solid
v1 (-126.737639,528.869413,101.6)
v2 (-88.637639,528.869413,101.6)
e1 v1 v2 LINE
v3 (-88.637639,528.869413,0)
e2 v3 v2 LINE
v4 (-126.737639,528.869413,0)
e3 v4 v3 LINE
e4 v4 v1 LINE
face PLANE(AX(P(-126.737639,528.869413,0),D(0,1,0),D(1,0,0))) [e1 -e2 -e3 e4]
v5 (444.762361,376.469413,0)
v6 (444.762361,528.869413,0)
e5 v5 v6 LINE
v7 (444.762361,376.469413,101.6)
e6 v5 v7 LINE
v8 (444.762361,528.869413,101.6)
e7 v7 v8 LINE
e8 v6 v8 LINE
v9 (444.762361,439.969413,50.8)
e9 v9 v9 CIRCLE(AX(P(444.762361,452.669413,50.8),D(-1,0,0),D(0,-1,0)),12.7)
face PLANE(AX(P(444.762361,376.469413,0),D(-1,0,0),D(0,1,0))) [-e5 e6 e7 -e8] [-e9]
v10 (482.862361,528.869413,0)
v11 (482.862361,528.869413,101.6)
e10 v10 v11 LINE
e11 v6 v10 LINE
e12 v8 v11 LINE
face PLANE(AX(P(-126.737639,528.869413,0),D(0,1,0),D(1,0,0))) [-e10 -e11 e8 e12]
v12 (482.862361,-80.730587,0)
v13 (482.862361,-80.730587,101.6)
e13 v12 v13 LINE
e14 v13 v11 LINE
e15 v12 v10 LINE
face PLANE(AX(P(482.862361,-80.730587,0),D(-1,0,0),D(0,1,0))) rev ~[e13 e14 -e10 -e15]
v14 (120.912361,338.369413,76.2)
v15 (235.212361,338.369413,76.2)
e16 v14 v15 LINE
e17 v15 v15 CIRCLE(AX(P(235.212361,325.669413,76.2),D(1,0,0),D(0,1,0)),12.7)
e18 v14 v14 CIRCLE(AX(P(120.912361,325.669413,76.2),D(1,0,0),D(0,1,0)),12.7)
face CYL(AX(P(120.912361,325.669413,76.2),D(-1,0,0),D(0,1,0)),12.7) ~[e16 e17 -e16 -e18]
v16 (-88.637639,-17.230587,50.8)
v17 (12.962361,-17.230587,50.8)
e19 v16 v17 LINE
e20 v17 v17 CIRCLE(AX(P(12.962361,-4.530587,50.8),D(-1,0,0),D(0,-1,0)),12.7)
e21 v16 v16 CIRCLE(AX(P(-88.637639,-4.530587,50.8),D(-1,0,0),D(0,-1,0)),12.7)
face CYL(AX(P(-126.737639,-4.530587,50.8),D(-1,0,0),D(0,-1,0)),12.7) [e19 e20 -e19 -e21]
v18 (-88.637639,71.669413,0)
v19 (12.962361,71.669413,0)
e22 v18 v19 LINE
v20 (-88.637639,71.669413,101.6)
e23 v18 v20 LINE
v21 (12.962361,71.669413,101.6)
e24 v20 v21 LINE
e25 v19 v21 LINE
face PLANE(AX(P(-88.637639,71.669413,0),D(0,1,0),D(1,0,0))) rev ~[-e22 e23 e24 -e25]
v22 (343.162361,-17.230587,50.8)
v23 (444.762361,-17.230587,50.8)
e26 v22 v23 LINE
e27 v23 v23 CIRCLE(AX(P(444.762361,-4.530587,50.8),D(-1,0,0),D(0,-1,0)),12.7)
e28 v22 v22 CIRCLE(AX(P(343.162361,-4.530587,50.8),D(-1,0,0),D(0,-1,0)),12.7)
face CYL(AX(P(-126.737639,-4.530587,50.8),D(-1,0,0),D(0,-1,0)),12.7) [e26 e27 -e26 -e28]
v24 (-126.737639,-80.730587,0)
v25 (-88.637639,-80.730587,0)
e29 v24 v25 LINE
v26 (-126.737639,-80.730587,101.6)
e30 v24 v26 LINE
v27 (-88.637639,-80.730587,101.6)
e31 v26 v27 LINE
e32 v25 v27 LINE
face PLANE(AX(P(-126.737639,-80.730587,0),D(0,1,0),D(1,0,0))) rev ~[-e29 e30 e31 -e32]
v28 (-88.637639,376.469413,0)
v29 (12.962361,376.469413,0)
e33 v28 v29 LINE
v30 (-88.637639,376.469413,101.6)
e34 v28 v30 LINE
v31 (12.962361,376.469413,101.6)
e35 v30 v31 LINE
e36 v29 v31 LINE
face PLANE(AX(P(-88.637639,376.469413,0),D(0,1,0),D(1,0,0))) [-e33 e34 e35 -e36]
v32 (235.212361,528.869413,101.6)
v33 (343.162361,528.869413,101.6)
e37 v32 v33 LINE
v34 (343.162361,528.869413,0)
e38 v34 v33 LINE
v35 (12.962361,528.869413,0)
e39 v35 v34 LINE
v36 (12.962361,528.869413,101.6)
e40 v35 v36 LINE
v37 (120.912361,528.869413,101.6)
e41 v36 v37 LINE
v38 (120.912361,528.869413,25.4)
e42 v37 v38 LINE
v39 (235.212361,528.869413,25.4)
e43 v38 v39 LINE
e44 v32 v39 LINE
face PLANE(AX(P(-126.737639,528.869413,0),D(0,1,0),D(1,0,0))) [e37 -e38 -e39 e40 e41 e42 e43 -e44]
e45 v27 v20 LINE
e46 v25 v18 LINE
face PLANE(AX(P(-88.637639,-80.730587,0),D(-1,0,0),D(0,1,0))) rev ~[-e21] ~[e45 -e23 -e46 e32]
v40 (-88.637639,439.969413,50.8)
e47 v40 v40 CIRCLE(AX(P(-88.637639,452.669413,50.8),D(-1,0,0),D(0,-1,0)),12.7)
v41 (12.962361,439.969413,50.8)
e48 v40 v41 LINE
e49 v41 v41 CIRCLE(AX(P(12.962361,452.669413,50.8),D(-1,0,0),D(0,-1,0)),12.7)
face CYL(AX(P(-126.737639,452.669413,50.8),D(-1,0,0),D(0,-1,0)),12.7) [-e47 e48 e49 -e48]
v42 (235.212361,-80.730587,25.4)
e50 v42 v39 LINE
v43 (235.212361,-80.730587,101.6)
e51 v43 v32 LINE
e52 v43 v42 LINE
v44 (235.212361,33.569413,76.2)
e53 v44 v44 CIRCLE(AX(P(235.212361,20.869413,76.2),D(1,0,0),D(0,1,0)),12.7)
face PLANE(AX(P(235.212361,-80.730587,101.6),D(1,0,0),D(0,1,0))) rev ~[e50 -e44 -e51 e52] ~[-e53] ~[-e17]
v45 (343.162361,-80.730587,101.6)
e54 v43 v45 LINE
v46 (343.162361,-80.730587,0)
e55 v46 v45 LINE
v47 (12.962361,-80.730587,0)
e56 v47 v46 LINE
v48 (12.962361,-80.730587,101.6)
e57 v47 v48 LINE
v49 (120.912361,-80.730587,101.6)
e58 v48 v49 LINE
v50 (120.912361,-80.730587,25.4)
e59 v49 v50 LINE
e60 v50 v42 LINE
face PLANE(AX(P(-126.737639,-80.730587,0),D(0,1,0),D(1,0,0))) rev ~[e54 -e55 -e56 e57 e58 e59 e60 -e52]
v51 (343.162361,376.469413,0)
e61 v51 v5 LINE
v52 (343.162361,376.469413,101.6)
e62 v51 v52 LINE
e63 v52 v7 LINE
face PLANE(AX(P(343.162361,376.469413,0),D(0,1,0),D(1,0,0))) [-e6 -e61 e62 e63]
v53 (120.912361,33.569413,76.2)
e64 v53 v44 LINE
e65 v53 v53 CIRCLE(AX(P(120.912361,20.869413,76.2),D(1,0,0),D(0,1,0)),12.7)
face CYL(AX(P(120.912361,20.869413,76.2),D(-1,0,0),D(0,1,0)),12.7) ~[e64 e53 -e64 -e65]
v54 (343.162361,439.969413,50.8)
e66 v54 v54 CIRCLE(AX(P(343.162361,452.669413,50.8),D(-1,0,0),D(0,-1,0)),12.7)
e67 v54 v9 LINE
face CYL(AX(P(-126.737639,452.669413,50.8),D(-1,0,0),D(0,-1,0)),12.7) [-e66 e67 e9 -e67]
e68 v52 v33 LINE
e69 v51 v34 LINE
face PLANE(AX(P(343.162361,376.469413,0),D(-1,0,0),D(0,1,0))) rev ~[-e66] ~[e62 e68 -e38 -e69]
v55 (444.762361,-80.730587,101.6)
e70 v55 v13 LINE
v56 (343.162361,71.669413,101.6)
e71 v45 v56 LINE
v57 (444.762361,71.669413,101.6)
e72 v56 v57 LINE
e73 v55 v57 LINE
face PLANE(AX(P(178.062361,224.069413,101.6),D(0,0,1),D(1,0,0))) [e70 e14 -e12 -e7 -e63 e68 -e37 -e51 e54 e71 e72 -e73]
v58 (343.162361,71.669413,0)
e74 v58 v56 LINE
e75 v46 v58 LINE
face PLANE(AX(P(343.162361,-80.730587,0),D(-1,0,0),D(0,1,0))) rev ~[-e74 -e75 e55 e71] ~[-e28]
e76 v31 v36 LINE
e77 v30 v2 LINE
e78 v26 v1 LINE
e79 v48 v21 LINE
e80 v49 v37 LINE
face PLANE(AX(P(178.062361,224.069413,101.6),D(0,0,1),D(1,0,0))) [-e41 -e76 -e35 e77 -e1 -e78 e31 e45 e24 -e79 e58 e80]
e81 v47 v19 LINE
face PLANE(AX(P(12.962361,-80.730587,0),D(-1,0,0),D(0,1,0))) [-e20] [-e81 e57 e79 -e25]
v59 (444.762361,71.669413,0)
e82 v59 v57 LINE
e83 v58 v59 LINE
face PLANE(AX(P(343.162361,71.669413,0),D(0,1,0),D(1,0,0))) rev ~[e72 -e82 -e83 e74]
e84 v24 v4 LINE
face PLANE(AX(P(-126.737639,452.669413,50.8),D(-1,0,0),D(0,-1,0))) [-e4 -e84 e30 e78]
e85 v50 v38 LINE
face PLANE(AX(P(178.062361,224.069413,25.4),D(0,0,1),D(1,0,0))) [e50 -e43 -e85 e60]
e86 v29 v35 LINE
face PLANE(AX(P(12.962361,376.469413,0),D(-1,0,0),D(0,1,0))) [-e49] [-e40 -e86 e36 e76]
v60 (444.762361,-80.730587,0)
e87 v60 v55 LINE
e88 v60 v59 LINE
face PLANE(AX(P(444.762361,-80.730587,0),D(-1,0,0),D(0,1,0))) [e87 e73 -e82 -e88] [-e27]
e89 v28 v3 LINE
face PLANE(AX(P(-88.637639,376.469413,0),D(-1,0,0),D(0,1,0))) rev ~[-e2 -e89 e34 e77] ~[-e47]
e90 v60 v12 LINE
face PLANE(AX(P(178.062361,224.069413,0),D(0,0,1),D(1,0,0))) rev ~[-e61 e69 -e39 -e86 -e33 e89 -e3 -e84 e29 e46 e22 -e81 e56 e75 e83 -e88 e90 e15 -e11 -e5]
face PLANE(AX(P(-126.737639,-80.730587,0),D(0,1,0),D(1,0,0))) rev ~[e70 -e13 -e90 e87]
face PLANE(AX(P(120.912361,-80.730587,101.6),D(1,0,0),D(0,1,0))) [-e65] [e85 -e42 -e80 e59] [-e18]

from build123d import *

# Parameters (mm, degrees)
F0_W     = 609.6
F0_H     = 609.6
F1_DEPTH = 101.6
F2_W     = 101.6
F2_H     = 152.4
F3_DEPTH = 101.6
F4_R     = 12.7
F5_DEPTH = 609.6
F6_W     = 114.3
F6_H     = 609.6
F7_DEPTH = 76.2
F8_R     = 12.7
F9_DEPTH = 114.3


with BuildPart() as f1:
    # F0 (on Top) → F1 (new body)
    with BuildSketch(Plane.XY):
        with Locations((178.062361, 224.069413)):
            Rectangle(F0_W, F0_H)
    extrude(amount=F1_DEPTH)

    # F2 (on Top) → F3 (cut)
    with BuildSketch(Plane.XY):
        with Locations((393.962361, -4.530587)):
            Rectangle(F2_W, F2_H)
        with Locations((-37.837639, -4.530587)):
            Rectangle(F2_W, F2_H)
        with Locations((-37.837639, 452.669413)):
            Rectangle(F2_W, F2_H)
        with Locations((393.962361, 452.669413)):
            Rectangle(F2_W, F2_H)
    extrude(amount=F3_DEPTH, mode=Mode.SUBTRACT)

    # F4 (on face) → F5 (join)
    with BuildSketch(Plane(origin=(-126.737639, 0, 0), x_dir=(0, -1, 0), z_dir=(-1, 0, 0))):
        with Locations((-452.669413, 50.8)):
            Circle(F4_R)
        with Locations((4.530587, 50.8)):
            Circle(F4_R)
    extrude(amount=-F5_DEPTH)

    # F6 (on face) → F7 (cut)
    with BuildSketch(Plane.XY.offset(101.6)):
        with Locations((178.062361, 224.069413)):
            Rectangle(F6_W, F6_H)
    extrude(amount=-F7_DEPTH, mode=Mode.SUBTRACT)

    # F8 (on face) → F9 (join, through all)
    with BuildSketch(Plane.YZ.offset(120.912361)):
        with Locations((20.869413, 76.2)):
            Circle(F8_R)
        with Locations((325.669413, 76.2)):
            Circle(F8_R)
    extrude(amount=F9_DEPTH)


solid = f1.part
